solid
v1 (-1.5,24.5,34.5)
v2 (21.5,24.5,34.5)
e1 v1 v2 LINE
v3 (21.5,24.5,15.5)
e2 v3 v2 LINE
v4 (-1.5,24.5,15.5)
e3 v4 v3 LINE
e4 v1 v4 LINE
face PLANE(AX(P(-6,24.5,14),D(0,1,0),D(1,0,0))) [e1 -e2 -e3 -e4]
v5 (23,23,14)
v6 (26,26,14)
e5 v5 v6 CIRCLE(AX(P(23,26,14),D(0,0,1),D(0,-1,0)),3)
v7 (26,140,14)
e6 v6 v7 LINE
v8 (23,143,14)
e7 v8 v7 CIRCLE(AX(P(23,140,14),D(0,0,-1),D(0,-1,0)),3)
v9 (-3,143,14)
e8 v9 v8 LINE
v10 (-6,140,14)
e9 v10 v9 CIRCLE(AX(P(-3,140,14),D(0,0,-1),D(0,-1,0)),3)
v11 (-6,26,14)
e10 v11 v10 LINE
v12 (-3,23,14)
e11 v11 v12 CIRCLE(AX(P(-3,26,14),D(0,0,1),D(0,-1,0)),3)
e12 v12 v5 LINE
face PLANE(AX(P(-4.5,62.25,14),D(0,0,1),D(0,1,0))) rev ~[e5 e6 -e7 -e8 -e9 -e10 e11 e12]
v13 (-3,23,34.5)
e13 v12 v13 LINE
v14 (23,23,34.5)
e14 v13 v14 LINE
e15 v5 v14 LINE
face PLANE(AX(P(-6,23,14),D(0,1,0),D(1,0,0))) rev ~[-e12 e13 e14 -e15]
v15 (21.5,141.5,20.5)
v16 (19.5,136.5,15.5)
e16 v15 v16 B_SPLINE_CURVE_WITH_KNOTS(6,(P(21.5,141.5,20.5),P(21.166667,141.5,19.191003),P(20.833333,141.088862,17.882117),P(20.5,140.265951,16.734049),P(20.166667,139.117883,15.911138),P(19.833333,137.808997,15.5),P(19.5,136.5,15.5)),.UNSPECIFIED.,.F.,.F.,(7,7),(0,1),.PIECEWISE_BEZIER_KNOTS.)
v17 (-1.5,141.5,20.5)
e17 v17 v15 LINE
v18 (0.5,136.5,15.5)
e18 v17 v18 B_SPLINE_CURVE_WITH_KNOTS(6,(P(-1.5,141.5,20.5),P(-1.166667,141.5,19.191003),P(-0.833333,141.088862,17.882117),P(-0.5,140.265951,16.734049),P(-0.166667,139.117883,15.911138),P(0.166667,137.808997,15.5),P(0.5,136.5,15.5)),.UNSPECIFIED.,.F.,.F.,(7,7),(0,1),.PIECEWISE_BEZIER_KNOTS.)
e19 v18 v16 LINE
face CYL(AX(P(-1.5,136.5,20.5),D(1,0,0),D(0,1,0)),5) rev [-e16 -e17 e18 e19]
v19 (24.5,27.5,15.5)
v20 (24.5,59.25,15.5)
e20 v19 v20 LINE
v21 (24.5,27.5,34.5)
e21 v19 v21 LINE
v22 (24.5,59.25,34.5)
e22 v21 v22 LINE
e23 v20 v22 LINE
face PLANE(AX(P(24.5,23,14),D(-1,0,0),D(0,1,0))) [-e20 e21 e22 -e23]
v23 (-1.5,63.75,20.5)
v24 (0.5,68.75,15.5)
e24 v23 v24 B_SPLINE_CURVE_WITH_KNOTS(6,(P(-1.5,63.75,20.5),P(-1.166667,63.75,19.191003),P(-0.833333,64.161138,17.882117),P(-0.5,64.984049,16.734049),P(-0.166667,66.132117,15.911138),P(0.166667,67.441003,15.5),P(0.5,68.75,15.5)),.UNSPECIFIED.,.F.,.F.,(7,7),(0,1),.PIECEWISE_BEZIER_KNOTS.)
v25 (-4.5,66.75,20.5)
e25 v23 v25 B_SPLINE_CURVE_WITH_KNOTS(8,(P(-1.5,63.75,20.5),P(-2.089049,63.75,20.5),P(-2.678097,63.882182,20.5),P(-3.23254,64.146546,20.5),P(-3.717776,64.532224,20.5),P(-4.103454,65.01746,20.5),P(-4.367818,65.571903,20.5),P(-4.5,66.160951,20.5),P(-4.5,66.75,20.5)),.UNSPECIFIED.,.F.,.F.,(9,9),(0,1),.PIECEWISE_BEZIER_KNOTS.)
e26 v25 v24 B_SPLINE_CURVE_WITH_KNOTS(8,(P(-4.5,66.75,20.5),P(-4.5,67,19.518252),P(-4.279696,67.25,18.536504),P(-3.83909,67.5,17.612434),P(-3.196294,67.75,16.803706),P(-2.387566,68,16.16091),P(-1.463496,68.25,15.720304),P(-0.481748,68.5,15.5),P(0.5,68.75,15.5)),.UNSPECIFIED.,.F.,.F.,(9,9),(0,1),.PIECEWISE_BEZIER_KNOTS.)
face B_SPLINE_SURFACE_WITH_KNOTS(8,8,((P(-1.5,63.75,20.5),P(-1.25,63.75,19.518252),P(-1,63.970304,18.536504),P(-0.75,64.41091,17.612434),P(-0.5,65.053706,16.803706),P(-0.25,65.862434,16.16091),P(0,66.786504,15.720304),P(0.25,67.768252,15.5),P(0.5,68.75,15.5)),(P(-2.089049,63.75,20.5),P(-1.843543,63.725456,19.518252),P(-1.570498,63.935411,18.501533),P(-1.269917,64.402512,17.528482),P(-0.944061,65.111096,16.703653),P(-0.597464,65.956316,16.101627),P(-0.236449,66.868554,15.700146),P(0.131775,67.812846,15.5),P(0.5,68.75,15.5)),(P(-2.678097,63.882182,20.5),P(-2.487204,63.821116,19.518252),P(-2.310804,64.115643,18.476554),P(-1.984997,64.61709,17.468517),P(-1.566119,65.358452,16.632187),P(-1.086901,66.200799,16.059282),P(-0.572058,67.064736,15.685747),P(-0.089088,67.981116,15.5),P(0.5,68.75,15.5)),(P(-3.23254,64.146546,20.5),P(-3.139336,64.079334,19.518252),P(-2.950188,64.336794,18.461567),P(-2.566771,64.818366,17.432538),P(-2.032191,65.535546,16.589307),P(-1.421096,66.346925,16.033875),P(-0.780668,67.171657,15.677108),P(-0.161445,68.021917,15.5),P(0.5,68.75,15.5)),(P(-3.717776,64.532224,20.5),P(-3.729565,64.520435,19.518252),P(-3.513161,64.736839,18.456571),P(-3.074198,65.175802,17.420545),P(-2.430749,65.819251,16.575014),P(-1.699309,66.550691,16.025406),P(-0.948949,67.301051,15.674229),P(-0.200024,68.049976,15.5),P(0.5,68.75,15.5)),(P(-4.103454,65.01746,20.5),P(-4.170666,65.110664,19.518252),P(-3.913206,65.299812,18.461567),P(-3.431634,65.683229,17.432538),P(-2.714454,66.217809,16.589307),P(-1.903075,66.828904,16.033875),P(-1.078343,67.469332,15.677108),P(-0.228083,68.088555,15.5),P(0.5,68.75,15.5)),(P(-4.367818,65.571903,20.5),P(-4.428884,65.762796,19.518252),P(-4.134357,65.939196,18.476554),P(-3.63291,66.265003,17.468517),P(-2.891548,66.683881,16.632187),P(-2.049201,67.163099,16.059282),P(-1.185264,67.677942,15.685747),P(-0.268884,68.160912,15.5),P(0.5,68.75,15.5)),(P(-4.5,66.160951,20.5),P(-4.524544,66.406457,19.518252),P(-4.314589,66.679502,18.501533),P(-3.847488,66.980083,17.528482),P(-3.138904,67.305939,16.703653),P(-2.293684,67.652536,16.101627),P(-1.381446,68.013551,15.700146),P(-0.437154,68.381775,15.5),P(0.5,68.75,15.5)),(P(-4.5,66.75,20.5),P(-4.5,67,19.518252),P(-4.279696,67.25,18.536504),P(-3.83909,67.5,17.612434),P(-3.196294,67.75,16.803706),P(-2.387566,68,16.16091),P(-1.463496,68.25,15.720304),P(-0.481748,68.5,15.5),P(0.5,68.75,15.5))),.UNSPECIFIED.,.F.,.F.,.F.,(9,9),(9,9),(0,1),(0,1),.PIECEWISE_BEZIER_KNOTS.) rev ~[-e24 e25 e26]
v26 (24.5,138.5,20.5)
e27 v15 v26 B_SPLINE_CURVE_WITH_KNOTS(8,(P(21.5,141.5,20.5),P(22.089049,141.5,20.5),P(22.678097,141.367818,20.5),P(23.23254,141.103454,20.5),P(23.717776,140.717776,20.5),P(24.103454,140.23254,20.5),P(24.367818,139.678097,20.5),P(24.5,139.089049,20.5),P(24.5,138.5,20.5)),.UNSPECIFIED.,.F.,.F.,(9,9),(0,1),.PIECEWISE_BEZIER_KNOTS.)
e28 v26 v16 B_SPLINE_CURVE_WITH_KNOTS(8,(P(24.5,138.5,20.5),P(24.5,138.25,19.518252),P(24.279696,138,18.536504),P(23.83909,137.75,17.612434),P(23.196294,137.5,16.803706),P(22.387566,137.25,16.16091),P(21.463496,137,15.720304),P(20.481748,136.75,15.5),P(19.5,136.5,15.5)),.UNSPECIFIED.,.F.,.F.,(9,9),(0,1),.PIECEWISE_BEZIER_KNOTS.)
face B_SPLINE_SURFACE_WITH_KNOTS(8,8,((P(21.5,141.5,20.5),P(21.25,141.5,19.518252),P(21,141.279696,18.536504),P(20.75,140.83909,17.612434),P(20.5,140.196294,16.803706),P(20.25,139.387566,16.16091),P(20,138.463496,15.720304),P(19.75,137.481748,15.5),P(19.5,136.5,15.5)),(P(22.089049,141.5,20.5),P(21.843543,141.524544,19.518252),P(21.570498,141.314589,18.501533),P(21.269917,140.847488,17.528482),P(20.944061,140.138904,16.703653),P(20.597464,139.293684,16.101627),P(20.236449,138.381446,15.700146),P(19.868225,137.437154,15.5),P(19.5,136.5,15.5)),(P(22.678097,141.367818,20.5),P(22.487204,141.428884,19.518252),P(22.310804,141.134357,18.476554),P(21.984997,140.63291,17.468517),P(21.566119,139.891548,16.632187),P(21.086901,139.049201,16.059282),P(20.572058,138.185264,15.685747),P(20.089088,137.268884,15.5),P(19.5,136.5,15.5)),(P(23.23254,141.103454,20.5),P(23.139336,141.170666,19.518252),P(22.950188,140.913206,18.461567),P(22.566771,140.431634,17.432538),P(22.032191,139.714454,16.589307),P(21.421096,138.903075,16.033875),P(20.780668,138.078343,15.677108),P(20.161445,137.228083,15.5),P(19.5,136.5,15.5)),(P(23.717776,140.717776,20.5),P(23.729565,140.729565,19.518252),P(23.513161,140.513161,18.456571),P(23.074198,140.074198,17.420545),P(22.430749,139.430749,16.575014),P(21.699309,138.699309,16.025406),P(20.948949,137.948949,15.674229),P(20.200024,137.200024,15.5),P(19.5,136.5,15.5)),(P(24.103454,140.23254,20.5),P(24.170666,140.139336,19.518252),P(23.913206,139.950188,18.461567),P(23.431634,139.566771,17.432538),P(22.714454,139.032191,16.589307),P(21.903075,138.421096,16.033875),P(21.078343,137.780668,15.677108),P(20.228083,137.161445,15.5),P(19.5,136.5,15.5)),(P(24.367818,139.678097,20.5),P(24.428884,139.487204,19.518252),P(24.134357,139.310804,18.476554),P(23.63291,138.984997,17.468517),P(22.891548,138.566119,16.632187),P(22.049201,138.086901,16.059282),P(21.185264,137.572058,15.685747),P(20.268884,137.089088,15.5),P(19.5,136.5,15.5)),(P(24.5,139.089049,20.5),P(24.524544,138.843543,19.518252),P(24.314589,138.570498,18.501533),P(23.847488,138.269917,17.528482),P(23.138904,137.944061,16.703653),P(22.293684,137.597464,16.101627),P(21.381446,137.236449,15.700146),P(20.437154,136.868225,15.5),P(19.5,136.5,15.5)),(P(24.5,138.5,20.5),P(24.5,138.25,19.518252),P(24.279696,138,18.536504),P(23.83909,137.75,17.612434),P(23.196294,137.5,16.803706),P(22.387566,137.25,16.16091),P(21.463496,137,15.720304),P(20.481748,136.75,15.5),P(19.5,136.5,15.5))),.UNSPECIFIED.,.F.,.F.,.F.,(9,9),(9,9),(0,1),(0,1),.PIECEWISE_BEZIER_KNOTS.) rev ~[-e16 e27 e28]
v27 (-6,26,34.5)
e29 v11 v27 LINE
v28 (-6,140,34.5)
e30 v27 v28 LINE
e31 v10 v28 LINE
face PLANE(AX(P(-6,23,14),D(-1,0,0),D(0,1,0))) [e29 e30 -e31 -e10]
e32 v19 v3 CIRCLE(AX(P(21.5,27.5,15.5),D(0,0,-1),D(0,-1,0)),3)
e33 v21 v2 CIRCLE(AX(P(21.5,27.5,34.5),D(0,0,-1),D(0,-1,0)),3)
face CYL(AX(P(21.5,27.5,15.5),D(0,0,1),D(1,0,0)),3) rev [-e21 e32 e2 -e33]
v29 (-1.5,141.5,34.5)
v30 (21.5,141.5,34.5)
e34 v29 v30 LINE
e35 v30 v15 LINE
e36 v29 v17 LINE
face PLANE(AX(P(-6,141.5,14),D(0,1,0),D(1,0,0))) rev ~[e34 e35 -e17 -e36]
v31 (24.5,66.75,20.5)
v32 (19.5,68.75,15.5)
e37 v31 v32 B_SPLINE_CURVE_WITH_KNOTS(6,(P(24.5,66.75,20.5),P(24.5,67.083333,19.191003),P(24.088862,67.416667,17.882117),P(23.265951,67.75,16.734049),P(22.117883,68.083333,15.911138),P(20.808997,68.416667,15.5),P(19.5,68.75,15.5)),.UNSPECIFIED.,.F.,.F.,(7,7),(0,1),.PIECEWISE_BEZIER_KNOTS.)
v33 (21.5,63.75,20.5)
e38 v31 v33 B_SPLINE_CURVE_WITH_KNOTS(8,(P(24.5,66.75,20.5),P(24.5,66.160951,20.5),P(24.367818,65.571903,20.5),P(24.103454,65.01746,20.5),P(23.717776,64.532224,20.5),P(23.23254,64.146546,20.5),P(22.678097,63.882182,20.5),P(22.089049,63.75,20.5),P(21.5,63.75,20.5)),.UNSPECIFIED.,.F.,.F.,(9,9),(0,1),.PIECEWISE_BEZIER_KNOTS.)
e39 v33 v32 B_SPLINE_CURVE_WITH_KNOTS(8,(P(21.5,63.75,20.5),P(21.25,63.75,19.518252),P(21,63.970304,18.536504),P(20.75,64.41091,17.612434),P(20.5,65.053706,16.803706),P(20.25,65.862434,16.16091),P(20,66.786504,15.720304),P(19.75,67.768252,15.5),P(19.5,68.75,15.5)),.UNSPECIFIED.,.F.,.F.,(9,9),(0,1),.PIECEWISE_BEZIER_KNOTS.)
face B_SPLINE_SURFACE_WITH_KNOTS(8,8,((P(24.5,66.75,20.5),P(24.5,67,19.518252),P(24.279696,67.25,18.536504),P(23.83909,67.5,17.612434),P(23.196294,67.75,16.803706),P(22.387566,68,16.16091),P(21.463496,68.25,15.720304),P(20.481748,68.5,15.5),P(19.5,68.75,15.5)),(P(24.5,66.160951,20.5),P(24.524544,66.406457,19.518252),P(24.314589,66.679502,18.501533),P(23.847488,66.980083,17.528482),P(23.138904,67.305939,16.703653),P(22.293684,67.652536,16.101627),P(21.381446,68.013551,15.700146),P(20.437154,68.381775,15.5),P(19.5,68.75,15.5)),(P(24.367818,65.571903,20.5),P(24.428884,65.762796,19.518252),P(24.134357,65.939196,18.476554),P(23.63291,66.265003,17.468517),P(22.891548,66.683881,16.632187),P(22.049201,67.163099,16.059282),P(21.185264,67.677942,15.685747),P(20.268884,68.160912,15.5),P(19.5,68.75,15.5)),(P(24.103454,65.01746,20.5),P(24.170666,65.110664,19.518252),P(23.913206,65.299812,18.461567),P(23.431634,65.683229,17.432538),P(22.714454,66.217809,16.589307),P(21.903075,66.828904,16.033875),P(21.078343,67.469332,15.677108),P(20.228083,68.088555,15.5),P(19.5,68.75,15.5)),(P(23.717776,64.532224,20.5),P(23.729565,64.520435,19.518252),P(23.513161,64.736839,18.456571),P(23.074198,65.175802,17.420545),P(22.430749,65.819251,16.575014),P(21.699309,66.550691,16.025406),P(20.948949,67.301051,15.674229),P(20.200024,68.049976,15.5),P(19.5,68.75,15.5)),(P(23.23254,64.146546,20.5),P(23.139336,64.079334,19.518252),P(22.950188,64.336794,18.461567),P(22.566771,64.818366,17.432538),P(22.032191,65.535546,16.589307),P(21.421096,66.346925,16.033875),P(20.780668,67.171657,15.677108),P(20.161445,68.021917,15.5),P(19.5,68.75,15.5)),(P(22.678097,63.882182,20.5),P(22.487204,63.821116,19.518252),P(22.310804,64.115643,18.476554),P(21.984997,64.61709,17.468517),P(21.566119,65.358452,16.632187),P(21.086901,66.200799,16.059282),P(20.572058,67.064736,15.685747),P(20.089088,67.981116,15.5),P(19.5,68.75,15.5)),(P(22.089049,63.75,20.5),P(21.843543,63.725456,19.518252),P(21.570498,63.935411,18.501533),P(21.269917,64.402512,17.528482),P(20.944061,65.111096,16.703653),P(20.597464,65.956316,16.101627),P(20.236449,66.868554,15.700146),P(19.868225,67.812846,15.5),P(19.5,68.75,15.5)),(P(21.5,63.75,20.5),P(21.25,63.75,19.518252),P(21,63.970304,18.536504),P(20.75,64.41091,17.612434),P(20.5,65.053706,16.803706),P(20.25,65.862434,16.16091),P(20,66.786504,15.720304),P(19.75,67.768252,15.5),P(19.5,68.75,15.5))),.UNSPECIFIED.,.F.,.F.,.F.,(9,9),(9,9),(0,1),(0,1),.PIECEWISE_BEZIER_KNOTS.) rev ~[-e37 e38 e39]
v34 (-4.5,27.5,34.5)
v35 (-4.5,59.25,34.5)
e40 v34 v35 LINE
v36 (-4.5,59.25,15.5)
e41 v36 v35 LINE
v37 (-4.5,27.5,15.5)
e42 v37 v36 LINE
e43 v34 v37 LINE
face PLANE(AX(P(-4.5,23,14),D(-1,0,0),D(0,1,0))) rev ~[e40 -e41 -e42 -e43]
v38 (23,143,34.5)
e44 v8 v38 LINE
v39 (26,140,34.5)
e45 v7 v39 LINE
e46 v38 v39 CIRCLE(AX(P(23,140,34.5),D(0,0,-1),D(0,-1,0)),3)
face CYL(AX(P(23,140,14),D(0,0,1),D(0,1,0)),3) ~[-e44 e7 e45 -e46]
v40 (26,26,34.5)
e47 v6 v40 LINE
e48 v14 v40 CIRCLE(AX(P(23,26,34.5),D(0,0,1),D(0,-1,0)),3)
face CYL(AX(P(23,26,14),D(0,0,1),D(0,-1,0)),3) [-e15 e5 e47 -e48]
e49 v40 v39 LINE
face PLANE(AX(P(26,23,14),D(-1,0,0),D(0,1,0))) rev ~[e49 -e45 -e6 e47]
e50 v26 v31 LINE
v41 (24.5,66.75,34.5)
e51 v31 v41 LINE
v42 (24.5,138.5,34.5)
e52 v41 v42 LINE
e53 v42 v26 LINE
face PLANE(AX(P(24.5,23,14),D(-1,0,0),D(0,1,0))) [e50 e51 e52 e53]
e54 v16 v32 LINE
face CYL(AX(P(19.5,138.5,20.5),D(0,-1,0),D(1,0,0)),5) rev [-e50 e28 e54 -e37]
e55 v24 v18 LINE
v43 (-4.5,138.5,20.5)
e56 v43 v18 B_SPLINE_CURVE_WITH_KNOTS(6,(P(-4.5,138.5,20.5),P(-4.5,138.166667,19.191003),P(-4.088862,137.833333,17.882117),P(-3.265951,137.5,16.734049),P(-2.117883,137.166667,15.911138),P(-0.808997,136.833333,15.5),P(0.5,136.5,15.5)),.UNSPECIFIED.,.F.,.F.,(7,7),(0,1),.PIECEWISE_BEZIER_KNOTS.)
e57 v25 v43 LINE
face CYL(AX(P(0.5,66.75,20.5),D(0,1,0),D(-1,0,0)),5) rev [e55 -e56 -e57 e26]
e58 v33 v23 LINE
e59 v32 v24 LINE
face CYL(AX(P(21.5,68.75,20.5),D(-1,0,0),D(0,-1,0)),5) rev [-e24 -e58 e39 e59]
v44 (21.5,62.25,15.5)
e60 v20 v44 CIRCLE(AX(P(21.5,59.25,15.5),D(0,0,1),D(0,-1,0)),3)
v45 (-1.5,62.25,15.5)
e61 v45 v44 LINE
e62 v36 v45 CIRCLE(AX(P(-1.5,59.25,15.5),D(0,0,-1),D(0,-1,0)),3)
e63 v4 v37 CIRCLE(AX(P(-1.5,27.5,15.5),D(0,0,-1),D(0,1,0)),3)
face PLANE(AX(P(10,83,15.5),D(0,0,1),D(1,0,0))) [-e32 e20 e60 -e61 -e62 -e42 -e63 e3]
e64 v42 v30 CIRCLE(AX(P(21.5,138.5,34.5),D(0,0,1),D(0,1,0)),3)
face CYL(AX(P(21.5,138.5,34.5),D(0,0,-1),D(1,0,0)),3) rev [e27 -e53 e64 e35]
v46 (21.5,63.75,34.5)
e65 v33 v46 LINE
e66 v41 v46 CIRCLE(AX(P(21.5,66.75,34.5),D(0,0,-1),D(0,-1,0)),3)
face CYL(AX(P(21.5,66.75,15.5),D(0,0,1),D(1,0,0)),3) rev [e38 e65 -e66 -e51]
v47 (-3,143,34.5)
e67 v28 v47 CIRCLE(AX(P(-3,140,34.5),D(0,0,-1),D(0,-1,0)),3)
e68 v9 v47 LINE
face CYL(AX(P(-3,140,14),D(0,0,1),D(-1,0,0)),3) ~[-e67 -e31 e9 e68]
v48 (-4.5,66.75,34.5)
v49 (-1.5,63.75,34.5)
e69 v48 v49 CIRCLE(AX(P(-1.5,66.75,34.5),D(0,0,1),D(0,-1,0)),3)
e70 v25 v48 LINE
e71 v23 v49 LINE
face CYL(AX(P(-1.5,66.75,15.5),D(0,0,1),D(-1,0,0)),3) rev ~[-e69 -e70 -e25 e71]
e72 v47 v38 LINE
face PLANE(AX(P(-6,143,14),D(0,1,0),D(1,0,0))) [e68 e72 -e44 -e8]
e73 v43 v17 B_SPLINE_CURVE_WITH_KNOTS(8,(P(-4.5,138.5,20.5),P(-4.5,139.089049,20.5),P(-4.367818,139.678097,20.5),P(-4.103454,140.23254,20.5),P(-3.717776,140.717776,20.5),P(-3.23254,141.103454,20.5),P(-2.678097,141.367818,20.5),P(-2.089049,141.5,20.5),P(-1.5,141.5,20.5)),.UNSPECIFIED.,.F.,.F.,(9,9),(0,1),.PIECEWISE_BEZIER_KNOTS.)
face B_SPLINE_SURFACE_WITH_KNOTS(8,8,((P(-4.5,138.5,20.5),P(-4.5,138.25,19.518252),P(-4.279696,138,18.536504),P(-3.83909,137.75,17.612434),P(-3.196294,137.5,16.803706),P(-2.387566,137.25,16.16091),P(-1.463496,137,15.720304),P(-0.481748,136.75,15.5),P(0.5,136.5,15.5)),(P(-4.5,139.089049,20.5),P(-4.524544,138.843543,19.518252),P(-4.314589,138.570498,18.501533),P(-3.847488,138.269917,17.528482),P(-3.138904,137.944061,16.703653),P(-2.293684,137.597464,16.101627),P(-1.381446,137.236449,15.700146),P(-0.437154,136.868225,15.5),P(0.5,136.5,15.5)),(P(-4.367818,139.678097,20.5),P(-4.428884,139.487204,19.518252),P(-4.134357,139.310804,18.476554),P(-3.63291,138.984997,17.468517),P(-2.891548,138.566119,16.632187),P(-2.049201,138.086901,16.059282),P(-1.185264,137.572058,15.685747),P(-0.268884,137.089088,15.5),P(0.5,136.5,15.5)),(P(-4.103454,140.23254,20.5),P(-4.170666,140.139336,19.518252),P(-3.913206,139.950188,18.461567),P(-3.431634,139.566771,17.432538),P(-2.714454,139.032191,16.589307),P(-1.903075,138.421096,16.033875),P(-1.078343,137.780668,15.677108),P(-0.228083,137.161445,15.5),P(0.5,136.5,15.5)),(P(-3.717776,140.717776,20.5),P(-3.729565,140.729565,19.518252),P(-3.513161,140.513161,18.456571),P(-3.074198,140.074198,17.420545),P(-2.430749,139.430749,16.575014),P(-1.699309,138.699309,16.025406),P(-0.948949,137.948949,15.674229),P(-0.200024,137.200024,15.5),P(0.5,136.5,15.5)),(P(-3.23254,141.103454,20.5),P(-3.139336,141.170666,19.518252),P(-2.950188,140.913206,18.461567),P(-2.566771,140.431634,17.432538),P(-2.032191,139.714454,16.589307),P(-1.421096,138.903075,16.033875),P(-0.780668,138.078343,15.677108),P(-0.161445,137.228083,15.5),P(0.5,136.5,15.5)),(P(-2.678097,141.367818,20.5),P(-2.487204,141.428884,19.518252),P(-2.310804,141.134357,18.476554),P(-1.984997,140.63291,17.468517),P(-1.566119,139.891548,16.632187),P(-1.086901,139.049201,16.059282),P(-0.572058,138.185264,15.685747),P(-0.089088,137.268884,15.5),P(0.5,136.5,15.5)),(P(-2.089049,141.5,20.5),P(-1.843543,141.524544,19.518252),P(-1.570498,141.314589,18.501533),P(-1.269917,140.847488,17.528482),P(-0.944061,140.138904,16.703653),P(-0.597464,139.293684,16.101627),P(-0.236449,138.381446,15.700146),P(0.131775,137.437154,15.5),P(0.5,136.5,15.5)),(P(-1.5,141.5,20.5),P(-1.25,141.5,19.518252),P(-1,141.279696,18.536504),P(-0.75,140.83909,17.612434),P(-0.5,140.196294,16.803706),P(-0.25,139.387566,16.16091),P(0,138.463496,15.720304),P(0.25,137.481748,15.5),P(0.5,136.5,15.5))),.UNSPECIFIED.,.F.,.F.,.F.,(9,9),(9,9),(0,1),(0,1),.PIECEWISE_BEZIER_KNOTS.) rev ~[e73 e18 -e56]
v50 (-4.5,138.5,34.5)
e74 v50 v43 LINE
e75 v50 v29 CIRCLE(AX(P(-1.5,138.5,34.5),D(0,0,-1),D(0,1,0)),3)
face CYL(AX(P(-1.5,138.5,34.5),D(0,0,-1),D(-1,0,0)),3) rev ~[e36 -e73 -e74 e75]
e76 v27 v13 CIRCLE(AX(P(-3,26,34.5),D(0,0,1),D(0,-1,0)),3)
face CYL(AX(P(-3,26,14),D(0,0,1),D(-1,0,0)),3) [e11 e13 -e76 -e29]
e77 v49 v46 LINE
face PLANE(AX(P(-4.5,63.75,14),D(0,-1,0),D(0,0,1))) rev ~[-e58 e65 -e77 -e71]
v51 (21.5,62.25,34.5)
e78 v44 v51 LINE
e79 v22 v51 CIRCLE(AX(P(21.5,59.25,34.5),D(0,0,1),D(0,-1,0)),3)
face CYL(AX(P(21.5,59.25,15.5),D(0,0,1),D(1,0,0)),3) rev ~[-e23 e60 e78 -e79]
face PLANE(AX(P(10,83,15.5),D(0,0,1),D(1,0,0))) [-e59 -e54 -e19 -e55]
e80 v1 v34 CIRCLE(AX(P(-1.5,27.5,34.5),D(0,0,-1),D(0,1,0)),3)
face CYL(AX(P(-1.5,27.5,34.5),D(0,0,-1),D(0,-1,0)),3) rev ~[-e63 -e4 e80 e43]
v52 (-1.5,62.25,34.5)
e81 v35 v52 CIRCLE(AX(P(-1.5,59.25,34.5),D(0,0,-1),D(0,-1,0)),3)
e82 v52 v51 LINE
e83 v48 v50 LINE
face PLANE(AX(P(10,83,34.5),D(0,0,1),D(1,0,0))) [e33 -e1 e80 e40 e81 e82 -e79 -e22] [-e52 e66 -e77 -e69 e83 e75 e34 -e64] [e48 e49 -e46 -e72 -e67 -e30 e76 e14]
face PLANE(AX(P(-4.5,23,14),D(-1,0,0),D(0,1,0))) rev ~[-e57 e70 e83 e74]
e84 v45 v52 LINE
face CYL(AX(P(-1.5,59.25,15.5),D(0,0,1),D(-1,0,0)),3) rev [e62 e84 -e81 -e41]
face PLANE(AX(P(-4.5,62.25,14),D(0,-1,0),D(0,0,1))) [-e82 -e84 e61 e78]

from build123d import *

# Parameters (mm, degrees)
SKETCH012_W    = 32
SKETCH012_H    = 120
PAD005_DEPTH   = 20.5
THICKNESS001_T = -1.5
SKETCH013_W    = 1.5
SKETCH013_H    = 20.5
PAD006_DEPTH   = 29
FILLET007_R    = 3
FILLET008_R    = 5


with BuildPart() as part:
    # Sketch012 → Pad005 (new body)
    with BuildSketch(Plane.XY):
        Rectangle(SKETCH012_W, SKETCH012_H)
    extrude(amount=PAD005_DEPTH)

    # Thickness001
    thickness001_openings = [part.faces().sort_by_distance(p)[0] for p in [
        (0, 0, 20.5),
    ]]
    offset(amount=THICKNESS001_T, openings=thickness001_openings)

    # Sketch013 (on DatumPlane) → Pad006 (join)
    with BuildSketch(Plane(origin=(-14.5, -20, 0), x_dir=(0, 1, 0), z_dir=(1, 0, 0))):
        with Locations((0, 10.25)):
            Rectangle(SKETCH013_W, SKETCH013_H)
    extrude(amount=PAD006_DEPTH)

    # Fillet007
    fillet007_edges = [part.edges().sort_by_distance(p)[0] for p in [
        (-14.5, 58.5, 11),
        (14.5, 58.5, 11),
        (16, 60, 10.25),
        (-16, 60, 10.25),
        (-14.5, -58.5, 11),
        (-16, -60, 10.25),
        (-14.5, -20.75, 11),
        (-14.5, -19.25, 11),
        (14.5, -19.25, 11),
        (14.5, -20.75, 11),
        (14.5, -58.5, 11),
        (16, -60, 10.25),
    ]]
    fillet(fillet007_edges, radius=FILLET007_R)

    # Fillet008
    fillet008_edges = [part.edges().sort_by_distance(p)[0] for p in [
        (0, 58.5, 1.5),
        (-13.62132, 57.62132, 1.5),
        (13.62132, 57.62132, 1.5),
        (-14.5, 19.625, 1.5),
        (14.5, 19.625, 1.5),
        (-13.62132, -18.37132, 1.5),
        (13.62132, -18.37132, 1.5),
        (0, -19.25, 1.5),
    ]]
    fillet(fillet008_edges, radius=FILLET008_R)


with BuildPart() as part_1:
    # Body004 placement: moved
    add(part.part.moved(Location((-22, 83, 14))))


with BuildPart() as part_2:
    # Body005 placement: moved
    add(part_1.part.moved(Location((32, 0, 0))))


solid = part_2.part
